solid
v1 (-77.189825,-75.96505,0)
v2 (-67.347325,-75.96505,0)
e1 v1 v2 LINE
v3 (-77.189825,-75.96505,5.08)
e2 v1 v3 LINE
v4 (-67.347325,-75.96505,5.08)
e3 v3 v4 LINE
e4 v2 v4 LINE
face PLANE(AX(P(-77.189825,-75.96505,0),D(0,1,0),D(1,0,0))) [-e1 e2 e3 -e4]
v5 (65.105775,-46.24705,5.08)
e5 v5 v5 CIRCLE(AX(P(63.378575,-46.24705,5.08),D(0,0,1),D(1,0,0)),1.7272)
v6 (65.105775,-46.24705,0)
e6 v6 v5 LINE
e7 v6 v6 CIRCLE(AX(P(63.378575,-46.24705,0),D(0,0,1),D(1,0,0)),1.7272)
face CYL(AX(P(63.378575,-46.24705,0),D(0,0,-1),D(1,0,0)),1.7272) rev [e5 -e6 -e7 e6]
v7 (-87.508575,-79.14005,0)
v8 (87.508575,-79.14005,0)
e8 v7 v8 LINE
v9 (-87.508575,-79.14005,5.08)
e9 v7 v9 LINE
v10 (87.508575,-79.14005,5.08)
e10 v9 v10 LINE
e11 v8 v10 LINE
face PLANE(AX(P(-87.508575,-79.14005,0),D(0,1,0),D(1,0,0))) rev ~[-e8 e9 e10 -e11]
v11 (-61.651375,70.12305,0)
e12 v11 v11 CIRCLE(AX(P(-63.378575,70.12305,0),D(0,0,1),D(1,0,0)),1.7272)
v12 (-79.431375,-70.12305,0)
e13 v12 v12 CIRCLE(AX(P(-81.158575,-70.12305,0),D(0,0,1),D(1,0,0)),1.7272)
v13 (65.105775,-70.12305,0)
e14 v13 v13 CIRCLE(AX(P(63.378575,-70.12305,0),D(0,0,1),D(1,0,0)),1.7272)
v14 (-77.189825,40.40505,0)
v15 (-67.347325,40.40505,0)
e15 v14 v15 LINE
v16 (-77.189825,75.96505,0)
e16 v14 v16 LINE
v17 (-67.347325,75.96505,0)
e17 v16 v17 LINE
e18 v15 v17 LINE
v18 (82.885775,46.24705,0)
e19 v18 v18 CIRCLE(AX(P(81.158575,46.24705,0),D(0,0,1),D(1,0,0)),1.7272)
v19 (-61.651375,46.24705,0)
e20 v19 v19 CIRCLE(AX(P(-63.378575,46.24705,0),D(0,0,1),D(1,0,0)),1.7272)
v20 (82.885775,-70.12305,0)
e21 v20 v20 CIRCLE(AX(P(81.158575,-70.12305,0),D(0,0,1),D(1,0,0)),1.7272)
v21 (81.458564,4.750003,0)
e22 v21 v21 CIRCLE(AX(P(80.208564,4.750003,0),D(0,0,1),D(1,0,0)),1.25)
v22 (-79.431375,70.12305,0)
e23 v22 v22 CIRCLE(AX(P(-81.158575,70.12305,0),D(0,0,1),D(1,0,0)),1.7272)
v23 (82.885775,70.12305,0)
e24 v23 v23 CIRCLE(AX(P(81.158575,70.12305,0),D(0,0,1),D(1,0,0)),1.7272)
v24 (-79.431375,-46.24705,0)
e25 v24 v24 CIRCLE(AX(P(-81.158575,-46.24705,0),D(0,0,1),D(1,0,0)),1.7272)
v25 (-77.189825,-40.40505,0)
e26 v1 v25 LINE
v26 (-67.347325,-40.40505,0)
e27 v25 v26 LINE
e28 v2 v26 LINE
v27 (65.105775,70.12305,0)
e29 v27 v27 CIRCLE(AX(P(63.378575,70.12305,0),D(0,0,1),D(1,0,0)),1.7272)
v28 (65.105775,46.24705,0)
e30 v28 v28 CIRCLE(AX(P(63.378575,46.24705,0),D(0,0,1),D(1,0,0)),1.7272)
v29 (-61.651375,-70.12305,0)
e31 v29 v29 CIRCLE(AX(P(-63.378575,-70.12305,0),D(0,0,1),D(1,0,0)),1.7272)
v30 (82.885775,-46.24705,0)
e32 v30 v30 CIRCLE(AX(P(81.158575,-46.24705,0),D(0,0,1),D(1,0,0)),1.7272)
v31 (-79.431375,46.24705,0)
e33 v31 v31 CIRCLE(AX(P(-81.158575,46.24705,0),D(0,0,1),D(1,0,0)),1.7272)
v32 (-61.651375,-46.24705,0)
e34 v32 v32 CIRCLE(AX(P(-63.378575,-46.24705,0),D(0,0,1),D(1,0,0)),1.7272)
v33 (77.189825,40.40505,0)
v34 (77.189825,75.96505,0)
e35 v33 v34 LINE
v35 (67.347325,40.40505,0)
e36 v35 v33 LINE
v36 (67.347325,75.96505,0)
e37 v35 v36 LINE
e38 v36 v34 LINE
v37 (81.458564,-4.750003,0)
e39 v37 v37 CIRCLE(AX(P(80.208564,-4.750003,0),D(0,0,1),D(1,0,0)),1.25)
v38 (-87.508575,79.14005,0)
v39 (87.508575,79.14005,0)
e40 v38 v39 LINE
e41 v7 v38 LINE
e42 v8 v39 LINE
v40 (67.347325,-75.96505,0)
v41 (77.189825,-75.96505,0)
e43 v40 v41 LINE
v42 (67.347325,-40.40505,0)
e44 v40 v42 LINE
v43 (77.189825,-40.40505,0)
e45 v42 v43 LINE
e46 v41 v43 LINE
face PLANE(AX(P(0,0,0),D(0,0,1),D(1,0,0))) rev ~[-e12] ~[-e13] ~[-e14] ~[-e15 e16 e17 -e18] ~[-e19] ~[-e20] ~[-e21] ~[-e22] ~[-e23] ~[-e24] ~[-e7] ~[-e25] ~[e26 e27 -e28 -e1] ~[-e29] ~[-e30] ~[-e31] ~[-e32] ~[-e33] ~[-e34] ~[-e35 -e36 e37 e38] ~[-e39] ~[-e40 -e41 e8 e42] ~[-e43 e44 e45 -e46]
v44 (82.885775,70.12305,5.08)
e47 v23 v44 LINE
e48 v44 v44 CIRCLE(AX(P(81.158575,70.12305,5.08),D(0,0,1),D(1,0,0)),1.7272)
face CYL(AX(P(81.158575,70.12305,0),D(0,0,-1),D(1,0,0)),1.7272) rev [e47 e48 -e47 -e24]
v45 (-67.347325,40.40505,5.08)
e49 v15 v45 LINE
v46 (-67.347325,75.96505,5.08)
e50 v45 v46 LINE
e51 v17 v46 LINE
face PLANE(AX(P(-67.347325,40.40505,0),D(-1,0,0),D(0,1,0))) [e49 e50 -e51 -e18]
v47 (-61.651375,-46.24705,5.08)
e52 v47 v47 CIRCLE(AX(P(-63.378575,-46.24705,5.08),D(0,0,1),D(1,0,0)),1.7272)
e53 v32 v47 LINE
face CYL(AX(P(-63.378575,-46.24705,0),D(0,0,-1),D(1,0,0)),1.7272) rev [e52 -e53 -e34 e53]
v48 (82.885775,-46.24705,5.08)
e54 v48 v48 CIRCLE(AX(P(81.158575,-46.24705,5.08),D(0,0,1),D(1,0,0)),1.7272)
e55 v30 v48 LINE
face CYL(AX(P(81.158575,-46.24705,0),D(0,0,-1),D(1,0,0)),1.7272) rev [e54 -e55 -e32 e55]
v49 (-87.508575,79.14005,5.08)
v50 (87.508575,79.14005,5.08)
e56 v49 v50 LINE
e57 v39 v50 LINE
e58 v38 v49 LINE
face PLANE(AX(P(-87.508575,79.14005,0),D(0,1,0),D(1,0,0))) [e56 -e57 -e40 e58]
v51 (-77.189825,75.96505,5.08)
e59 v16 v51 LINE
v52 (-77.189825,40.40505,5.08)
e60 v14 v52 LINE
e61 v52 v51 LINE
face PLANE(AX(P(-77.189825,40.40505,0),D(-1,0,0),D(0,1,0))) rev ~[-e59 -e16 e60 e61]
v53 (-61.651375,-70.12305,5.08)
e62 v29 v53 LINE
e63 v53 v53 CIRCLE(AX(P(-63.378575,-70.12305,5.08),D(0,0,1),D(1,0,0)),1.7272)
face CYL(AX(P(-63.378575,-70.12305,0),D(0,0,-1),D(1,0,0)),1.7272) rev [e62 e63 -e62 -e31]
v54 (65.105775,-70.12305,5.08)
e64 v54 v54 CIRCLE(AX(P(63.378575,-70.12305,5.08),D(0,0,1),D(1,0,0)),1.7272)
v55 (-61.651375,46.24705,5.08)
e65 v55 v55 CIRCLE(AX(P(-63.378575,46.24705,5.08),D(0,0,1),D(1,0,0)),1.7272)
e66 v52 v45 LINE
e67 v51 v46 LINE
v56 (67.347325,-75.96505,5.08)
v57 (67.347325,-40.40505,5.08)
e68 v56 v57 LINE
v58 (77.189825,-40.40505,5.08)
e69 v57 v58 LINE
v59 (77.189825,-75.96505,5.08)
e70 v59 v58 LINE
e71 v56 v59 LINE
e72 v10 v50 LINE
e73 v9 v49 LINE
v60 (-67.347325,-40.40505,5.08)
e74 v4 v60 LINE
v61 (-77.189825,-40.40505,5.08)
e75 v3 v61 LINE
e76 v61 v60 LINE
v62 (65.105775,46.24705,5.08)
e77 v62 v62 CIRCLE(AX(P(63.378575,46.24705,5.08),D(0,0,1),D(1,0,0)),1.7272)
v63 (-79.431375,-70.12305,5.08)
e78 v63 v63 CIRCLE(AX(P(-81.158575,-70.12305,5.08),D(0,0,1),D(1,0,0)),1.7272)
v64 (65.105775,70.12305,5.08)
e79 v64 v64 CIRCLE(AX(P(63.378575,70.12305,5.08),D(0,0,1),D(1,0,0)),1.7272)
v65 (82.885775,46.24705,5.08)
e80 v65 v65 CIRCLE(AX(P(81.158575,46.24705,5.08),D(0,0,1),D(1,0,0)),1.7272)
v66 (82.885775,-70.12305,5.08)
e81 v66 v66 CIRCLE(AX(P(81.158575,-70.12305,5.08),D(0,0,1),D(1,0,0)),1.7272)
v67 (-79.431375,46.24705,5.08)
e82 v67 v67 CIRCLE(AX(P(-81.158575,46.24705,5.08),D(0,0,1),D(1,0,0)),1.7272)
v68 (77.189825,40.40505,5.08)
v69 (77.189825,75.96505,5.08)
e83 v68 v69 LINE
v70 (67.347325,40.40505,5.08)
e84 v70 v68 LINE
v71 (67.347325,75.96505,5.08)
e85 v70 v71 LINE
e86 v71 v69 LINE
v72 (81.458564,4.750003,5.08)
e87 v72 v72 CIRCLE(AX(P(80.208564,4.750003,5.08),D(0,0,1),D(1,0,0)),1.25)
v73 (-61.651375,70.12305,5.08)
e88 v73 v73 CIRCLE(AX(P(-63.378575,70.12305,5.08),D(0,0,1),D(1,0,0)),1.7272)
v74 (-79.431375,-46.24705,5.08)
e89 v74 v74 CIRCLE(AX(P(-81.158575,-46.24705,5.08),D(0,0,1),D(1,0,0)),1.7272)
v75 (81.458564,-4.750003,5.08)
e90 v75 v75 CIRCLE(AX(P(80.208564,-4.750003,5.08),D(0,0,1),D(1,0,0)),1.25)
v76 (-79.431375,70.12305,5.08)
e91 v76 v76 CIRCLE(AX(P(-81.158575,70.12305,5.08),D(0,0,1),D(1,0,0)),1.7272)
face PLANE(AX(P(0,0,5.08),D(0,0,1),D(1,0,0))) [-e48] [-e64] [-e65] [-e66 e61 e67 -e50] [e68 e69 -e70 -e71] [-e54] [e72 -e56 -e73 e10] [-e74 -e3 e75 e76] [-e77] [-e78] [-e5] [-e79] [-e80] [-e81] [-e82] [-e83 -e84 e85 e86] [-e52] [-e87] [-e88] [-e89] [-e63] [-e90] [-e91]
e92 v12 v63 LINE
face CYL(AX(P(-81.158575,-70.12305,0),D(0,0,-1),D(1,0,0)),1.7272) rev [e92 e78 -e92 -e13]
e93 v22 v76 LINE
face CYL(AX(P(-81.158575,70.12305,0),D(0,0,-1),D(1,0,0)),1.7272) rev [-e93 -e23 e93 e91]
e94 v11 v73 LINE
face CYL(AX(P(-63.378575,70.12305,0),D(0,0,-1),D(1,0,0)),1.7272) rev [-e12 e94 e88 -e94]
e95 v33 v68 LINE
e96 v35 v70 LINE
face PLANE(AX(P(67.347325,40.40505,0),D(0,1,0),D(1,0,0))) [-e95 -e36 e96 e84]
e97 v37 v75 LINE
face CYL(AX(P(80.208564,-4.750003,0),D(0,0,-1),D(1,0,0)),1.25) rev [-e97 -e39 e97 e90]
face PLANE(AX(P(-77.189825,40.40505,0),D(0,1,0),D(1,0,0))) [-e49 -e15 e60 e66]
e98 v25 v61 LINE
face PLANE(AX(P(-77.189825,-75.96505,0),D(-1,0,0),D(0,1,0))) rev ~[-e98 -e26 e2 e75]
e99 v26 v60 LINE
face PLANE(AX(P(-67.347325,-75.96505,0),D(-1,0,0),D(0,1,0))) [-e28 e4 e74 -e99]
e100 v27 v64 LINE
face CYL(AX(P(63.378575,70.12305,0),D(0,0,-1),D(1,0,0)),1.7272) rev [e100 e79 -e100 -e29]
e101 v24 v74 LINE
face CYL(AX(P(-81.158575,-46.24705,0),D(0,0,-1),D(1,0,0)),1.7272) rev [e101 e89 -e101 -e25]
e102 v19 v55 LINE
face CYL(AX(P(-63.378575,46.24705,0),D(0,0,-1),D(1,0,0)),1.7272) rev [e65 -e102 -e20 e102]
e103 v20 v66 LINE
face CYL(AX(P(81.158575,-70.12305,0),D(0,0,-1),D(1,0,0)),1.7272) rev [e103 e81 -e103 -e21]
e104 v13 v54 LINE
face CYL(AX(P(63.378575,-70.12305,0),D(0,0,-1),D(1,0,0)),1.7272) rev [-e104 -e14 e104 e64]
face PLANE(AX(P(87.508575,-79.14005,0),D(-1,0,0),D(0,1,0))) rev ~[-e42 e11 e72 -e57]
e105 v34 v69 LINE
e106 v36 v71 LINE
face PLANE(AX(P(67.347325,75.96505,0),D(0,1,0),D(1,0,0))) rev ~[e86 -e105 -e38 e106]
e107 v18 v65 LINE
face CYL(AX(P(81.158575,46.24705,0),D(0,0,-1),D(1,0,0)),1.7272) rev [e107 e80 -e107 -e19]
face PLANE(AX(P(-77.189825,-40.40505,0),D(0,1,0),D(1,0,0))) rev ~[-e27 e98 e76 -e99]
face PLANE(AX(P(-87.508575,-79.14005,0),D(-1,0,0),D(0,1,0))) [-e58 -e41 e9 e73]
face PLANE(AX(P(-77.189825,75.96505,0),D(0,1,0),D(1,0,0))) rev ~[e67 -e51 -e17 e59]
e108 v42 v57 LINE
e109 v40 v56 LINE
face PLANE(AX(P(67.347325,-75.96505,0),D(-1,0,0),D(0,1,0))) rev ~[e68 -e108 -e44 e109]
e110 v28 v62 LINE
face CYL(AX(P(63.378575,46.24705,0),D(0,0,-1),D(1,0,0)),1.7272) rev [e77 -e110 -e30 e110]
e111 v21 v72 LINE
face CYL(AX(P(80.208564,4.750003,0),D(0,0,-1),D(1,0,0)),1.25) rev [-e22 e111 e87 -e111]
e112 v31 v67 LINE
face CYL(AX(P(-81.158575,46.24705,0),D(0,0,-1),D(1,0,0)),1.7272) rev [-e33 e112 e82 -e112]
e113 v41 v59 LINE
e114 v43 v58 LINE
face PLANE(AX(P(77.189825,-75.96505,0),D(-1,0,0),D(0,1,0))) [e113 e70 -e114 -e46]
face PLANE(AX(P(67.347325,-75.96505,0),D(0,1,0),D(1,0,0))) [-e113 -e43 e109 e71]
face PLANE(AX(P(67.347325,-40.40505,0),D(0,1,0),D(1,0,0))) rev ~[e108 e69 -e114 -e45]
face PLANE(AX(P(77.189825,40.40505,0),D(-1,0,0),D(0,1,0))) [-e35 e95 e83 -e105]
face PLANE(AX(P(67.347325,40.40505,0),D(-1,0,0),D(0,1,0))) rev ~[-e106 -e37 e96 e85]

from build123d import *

# Parameters (mm, degrees)
F0_W     = 175.01715
F0_H     = 158.2801
F0_R     = 1.7272
F0_W_2   = 9.8425
F0_H_2   = 35.56
F0_R_2   = 1.25
F1_DEPTH = 5.08


with BuildPart() as f1:
    # F0 (on Top) → F1 (new body)
    with BuildSketch(Plane.XY):
        Rectangle(F0_W, F0_H)
        with Locations((-81.158575, -70.12305)):
            Circle(F0_R, mode=Mode.SUBTRACT)
        with Locations((-63.378575, -70.12305)):
            Circle(F0_R, mode=Mode.SUBTRACT)
        with Locations((-72.268575, -58.18505)):
            Rectangle(F0_W_2, F0_H_2, mode=Mode.SUBTRACT)
        with Locations((-81.158575, -46.24705)):
            Circle(F0_R, mode=Mode.SUBTRACT)
        with Locations((-63.378575, -46.24705)):
            Circle(F0_R, mode=Mode.SUBTRACT)
        with Locations((63.378575, -70.12305)):
            Circle(F0_R, mode=Mode.SUBTRACT)
        with Locations((81.158575, -70.12305)):
            Circle(F0_R, mode=Mode.SUBTRACT)
        with Locations((63.378575, -46.24705)):
            Circle(F0_R, mode=Mode.SUBTRACT)
        with Locations((72.268575, -58.18505)):
            Rectangle(F0_W_2, F0_H_2, mode=Mode.SUBTRACT)
        with Locations((81.158575, -46.24705)):
            Circle(F0_R, mode=Mode.SUBTRACT)
        with Locations((80.208564, -4.750003)):
            Circle(F0_R_2, mode=Mode.SUBTRACT)
        with Locations((-81.158575, 46.24705)):
            Circle(F0_R, mode=Mode.SUBTRACT)
        with Locations((-72.268575, 58.18505)):
            Rectangle(F0_W_2, F0_H_2, mode=Mode.SUBTRACT)
        with Locations((-63.378575, 46.24705)):
            Circle(F0_R, mode=Mode.SUBTRACT)
        with Locations((-81.158575, 70.12305)):
            Circle(F0_R, mode=Mode.SUBTRACT)
        with Locations((-63.378575, 70.12305)):
            Circle(F0_R, mode=Mode.SUBTRACT)
        with Locations((80.208564, 4.750003)):
            Circle(F0_R_2, mode=Mode.SUBTRACT)
        with Locations((63.378575, 46.24705)):
            Circle(F0_R, mode=Mode.SUBTRACT)
        with Locations((81.158575, 46.24705)):
            Circle(F0_R, mode=Mode.SUBTRACT)
        with Locations((72.268575, 58.18505)):
            Rectangle(F0_W_2, F0_H_2, mode=Mode.SUBTRACT)
        with Locations((63.378575, 70.12305)):
            Circle(F0_R, mode=Mode.SUBTRACT)
        with Locations((81.158575, 70.12305)):
            Circle(F0_R, mode=Mode.SUBTRACT)
    extrude(amount=F1_DEPTH)


solid = f1.part
